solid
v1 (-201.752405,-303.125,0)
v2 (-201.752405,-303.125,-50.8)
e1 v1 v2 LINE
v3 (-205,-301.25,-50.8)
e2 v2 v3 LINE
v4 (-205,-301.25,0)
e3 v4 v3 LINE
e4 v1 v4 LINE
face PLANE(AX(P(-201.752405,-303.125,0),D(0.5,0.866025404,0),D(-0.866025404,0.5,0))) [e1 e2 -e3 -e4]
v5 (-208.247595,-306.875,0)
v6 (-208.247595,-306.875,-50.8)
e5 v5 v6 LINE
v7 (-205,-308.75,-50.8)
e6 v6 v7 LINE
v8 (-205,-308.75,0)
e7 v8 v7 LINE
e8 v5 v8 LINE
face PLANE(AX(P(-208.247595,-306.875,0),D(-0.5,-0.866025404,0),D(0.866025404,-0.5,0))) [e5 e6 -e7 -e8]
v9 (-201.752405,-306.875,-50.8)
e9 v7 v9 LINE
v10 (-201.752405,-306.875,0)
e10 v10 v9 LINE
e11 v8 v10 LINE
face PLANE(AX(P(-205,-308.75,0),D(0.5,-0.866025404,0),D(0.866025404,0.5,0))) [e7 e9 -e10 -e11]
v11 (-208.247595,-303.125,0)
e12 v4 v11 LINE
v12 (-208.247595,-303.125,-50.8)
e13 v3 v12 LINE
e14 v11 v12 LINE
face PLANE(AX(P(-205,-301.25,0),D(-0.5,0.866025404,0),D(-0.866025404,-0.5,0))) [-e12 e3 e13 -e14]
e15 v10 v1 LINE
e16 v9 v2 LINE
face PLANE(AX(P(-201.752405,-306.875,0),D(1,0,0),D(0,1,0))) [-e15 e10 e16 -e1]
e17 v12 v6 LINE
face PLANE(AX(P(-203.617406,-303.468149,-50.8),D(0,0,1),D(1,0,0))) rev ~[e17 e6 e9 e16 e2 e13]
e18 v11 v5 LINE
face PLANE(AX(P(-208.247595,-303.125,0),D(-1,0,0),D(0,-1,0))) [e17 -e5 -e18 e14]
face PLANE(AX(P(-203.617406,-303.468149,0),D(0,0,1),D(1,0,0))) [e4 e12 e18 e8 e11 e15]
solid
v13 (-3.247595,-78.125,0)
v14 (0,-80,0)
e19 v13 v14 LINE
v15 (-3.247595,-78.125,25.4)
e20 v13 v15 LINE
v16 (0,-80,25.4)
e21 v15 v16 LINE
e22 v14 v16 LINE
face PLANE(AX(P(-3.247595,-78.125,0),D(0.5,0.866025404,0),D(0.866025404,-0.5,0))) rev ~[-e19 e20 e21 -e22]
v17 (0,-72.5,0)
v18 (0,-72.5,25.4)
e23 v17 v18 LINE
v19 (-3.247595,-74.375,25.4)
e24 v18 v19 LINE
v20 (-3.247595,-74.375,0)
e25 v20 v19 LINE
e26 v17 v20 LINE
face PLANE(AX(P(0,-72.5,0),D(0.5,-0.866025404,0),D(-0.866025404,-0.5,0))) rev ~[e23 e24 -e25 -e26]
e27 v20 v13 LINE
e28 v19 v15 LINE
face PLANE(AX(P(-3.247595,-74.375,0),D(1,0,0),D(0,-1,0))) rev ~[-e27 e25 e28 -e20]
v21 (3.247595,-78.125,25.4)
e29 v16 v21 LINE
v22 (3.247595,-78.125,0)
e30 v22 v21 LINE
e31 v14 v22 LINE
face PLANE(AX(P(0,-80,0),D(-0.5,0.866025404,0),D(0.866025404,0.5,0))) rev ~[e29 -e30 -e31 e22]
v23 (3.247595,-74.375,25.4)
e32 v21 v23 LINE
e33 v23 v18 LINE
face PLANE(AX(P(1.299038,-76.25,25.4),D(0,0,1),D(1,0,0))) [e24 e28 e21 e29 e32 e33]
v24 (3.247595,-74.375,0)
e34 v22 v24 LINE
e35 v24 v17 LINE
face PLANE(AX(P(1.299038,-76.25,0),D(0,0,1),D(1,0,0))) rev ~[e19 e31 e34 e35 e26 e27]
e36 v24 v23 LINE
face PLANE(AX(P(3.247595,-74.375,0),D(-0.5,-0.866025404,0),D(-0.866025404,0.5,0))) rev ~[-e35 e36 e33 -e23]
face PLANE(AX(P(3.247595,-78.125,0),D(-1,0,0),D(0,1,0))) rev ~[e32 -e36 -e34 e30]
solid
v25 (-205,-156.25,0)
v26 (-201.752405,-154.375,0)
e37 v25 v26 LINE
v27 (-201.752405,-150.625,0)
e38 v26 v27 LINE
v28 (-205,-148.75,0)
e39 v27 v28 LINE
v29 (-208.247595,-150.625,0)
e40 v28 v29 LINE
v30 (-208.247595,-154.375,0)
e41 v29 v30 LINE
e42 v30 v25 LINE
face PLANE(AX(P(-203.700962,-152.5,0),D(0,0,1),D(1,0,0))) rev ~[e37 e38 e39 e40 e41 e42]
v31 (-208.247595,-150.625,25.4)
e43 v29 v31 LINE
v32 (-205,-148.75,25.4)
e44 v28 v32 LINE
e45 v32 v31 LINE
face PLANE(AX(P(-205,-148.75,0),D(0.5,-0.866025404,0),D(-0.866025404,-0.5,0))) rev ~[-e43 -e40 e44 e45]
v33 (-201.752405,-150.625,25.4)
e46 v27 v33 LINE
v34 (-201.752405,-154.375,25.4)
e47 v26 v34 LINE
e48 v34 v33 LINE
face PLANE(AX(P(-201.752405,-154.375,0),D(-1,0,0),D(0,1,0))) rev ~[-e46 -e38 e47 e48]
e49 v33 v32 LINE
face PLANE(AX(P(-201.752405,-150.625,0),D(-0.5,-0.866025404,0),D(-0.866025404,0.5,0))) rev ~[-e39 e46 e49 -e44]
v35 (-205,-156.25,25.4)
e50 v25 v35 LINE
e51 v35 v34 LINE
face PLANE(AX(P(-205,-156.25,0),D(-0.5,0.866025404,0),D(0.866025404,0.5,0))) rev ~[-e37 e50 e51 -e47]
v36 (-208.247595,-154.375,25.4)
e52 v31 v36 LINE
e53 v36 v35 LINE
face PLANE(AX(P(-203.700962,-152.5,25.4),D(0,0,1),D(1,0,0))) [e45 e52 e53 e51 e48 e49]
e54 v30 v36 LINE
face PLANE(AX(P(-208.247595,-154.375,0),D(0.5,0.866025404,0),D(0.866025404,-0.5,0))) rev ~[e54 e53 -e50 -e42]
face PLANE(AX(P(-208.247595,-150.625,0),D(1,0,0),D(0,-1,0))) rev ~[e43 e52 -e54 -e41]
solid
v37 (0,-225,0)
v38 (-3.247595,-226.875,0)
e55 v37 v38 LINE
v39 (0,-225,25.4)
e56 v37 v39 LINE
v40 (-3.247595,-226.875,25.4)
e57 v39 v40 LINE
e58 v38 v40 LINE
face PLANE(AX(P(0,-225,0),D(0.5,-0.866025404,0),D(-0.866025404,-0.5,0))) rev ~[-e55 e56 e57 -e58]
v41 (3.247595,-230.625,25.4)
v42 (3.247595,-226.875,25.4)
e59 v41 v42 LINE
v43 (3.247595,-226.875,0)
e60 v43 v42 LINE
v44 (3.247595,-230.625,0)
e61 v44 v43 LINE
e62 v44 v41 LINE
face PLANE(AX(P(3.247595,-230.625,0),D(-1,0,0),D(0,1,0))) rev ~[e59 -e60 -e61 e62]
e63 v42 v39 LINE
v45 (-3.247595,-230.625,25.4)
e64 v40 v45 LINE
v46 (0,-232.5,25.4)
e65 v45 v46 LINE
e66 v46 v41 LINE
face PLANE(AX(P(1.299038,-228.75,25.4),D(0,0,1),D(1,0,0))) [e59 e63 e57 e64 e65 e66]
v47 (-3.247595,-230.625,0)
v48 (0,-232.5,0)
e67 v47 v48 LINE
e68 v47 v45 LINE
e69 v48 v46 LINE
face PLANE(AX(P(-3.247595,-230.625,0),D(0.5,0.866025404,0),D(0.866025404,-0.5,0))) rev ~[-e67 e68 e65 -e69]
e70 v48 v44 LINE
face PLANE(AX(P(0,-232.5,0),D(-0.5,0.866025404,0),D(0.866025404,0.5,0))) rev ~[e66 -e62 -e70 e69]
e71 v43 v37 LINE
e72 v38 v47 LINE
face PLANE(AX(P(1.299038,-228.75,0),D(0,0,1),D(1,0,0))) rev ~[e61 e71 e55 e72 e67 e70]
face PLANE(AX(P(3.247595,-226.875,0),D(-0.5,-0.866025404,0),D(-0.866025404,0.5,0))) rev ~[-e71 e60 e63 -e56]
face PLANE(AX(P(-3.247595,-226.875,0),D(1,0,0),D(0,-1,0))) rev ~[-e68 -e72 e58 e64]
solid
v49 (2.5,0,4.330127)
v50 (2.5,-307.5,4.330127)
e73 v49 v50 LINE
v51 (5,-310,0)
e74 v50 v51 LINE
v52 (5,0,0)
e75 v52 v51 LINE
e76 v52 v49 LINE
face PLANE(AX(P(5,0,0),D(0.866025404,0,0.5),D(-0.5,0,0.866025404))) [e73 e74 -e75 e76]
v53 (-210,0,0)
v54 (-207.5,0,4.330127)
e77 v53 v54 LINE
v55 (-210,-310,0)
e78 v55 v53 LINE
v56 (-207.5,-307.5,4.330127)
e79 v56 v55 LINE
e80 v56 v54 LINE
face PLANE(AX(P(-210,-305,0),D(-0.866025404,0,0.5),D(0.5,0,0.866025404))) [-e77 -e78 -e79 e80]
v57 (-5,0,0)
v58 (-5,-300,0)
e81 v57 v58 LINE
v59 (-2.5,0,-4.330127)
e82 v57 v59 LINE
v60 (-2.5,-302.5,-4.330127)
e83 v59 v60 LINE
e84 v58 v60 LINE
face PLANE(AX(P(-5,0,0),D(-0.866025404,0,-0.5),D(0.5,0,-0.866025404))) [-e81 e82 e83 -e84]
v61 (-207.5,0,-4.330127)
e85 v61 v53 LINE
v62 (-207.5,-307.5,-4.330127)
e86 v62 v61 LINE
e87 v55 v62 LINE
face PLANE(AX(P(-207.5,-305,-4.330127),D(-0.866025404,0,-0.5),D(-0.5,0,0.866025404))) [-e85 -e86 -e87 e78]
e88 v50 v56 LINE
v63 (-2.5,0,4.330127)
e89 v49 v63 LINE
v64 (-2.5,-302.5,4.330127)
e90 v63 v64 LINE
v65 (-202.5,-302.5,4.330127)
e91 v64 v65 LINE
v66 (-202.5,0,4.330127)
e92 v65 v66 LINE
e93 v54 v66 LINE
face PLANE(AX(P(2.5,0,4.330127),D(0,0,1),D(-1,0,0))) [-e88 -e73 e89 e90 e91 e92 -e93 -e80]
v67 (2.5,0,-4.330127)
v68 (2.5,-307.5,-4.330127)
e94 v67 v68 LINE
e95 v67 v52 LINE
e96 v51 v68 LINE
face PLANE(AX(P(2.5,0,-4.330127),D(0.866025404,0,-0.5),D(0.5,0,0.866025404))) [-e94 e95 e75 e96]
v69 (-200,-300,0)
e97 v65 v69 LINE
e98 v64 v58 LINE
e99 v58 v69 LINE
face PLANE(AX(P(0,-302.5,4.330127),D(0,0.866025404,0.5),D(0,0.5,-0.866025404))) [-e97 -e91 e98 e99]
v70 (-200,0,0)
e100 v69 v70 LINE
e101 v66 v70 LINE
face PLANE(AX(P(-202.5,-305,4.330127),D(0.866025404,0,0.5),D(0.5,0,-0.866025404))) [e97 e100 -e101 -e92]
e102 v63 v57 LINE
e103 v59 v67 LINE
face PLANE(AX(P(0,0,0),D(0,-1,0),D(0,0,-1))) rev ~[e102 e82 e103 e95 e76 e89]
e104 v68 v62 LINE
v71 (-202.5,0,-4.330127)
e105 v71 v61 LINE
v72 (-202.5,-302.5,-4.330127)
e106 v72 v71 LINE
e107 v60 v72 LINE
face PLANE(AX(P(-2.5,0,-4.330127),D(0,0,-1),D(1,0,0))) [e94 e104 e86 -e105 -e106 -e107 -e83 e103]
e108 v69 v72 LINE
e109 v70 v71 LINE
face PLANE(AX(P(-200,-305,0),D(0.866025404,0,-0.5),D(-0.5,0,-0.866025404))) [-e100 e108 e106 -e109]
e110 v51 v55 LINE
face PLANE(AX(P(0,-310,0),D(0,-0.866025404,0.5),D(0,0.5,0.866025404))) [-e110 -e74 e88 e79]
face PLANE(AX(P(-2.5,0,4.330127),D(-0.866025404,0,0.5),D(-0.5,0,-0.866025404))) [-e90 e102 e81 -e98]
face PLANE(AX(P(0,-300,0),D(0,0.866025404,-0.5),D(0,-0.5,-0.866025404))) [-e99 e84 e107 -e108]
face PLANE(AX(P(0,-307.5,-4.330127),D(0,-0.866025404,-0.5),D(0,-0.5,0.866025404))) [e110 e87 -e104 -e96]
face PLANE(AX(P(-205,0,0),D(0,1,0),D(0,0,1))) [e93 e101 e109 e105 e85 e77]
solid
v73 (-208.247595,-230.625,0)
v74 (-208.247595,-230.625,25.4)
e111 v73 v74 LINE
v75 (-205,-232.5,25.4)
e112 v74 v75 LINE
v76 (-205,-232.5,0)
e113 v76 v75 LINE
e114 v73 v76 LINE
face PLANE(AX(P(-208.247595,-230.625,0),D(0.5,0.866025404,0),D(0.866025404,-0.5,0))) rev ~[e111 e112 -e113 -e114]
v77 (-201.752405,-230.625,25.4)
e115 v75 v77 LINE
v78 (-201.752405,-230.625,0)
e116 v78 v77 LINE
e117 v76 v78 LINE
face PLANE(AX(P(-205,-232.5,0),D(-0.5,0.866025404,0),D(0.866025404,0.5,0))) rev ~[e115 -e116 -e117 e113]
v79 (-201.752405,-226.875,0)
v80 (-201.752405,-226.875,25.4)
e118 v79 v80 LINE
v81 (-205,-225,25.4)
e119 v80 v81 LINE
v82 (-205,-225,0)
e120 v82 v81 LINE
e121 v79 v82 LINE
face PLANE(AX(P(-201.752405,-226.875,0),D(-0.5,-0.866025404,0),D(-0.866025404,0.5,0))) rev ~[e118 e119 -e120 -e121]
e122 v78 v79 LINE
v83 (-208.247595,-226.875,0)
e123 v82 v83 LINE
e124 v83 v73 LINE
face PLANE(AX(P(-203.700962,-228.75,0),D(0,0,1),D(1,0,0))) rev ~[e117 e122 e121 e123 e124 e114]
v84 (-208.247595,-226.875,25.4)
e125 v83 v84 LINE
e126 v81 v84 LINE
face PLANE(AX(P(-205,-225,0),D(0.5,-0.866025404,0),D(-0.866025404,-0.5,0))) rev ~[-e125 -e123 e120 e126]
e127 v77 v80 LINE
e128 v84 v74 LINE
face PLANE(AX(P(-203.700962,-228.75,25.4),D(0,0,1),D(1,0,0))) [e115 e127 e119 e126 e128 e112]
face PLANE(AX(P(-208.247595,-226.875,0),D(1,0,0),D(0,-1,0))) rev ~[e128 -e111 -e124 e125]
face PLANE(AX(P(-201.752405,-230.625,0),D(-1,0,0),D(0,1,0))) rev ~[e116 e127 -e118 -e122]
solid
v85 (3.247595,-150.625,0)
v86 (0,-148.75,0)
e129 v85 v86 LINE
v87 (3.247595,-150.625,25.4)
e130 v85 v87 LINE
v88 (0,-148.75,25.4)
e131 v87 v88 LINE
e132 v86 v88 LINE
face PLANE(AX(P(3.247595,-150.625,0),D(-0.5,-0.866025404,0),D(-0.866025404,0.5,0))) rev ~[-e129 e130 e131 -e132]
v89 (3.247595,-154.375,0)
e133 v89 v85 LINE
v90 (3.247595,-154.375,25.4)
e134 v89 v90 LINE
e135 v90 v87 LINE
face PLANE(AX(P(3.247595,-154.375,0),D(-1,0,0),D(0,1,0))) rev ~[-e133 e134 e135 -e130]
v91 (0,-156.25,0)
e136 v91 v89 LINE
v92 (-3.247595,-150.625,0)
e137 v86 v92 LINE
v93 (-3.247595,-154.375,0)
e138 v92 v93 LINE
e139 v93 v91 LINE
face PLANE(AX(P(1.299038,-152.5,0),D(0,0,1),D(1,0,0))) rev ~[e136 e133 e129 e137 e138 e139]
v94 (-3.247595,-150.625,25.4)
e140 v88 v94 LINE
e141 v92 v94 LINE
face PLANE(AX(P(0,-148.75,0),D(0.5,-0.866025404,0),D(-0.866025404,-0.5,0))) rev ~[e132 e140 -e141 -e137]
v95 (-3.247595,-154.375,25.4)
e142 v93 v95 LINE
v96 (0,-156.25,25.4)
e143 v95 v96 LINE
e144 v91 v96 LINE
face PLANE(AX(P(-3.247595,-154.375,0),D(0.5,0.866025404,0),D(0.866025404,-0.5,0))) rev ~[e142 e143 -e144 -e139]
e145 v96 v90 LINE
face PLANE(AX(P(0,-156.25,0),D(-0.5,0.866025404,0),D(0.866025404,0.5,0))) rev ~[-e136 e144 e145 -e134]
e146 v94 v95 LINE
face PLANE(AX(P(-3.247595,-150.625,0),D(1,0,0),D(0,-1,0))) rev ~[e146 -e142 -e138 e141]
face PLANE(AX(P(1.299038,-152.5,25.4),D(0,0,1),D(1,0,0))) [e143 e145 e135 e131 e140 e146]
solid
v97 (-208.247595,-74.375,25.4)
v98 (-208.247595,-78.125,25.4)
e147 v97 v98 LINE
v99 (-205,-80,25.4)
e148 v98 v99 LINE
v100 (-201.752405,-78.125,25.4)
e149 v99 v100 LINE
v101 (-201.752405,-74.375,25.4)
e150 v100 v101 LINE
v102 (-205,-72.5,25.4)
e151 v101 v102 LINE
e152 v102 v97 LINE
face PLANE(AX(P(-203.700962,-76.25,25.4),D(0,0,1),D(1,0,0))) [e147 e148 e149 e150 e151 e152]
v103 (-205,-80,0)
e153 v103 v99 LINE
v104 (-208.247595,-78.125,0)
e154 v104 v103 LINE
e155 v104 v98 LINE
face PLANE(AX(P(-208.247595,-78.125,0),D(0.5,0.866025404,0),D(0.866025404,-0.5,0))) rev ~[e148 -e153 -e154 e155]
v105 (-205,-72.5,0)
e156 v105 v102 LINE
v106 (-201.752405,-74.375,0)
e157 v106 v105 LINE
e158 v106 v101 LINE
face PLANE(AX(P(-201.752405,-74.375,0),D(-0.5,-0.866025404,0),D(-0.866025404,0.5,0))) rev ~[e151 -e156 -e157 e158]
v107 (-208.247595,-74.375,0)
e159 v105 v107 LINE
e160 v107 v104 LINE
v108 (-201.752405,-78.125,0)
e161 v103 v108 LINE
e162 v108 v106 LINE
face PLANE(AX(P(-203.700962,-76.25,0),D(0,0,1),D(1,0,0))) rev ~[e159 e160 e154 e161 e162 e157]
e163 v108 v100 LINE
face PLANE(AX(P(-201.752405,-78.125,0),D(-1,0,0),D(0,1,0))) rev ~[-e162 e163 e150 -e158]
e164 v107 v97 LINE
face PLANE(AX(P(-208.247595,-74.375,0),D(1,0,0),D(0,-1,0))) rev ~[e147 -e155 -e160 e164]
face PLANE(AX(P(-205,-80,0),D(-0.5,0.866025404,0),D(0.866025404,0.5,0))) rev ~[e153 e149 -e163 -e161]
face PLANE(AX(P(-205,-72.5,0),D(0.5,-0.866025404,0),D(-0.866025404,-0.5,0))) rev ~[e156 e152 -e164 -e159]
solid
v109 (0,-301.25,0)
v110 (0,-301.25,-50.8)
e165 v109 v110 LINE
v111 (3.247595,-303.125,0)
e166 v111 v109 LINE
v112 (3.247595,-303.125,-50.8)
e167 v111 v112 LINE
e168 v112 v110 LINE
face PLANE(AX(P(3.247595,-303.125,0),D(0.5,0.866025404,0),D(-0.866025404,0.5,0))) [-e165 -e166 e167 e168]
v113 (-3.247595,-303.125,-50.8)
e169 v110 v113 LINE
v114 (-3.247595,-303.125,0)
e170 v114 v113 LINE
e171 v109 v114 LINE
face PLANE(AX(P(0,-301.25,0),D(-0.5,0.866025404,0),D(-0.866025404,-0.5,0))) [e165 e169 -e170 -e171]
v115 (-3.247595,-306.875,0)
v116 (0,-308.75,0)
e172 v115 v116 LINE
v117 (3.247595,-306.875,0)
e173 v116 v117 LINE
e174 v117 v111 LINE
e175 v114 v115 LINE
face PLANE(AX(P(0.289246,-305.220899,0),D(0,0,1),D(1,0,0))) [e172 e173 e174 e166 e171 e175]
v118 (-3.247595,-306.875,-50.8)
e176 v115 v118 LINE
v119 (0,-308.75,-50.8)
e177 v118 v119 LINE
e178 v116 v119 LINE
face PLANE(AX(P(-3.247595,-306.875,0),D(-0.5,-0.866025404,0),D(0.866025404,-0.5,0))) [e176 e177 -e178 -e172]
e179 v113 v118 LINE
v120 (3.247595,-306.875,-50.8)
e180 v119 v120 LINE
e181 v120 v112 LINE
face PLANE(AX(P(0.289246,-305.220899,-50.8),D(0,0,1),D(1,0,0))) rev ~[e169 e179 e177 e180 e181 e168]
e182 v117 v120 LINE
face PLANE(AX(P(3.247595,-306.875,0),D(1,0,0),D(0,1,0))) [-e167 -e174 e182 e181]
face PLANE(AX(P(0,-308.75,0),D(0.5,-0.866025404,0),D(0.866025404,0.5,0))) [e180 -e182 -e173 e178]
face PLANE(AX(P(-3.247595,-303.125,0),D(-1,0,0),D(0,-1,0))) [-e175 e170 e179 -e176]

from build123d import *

# Parameters (mm, degrees)
F2_DEPTH = 25.4
F3_DEPTH = 50.8


with BuildPart() as f1:
    # F1: sweep along a path in F0
    with BuildLine(Plane.XY) as f1_path:
        Line((0, 0), (0, -305))
        Line((0, -305), (-205, -305))
        Line((-205, -305), (-205, 0))
    # F6 (on Front) → F1 (sweep)
    with BuildSketch(Plane.XZ):
        Polygon((2.5, -4.3301270189), (5, 0), (2.5, 4.3301270189), (-2.5, 4.3301270189), (-5, 0), (-2.5, -4.3301270189), align=None)
    sweep(path=f1_path.line, transition=Transition.RIGHT)


with BuildPart() as f2:
    # F0 (on Top) → F2 (new body)
    with BuildSketch(Plane.XY):
        Polygon((0, -225), (0, -232.5), (3.2475952642, -230.625), (3.2475952642, -226.875), align=None)
        Polygon((-3.2475952642, -230.625), (0, -232.5), (0, -225), (-3.2475952642, -226.875), align=None)
    extrude(amount=F2_DEPTH)


with BuildPart() as f2b:
    # F0 (on Top) → F2, piece 2 (new body)
    with BuildSketch(Plane.XY):
        Polygon((0, -148.75), (0, -156.25), (3.2475952642, -154.375), (3.2475952642, -150.625), align=None)
        Polygon((-3.2475952642, -154.375), (0, -156.25), (0, -148.75), (-3.2475952642, -150.625), align=None)
    extrude(amount=F2_DEPTH)


with BuildPart() as f2c:
    # F0 (on Top) → F2, piece 3 (new body)
    with BuildSketch(Plane.XY):
        Polygon((0, -72.5), (0, -80), (3.2475952642, -78.125), (3.2475952642, -74.375), align=None)
        Polygon((-3.2475952642, -78.125), (0, -80), (0, -72.5), (-3.2475952642, -74.375), align=None)
    extrude(amount=F2_DEPTH)


with BuildPart() as f2d:
    # F0 (on Top) → F2, piece 4 (new body)
    with BuildSketch(Plane.XY):
        Polygon((-205, -148.75), (-205, -156.25), (-201.7524047358, -154.375), (-201.7524047358, -150.625), align=None)
        Polygon((-208.2475952642, -154.375), (-205, -156.25), (-205, -148.75), (-208.2475952642, -150.625), align=None)
    extrude(amount=F2_DEPTH)


with BuildPart() as f2e:
    # F0 (on Top) → F2, piece 5 (new body)
    with BuildSketch(Plane.XY):
        Polygon((-205, -225), (-205, -232.5), (-201.7524047358, -230.625), (-201.7524047358, -226.875), align=None)
        Polygon((-208.2475952642, -230.625), (-205, -232.5), (-205, -225), (-208.2475952642, -226.875), align=None)
    extrude(amount=F2_DEPTH)


with BuildPart() as f2f:
    # F0 (on Top) → F2, piece 6 (new body)
    with BuildSketch(Plane.XY):
        Polygon((-205, -72.5), (-205, -80), (-201.7524047358, -78.125), (-201.7524047358, -74.375), align=None)
        Polygon((-208.2475952642, -78.125), (-205, -80), (-205, -72.5), (-208.2475952642, -74.375), align=None)
    extrude(amount=F2_DEPTH)


with BuildPart() as f3:
    # F0 (on Top) → F3 (new body)
    with BuildSketch(Plane.XY):
        Polygon((0, -301.25), (0, -305), (-3.2475952642, -305), (-3.2475952642, -306.875), (0, -308.75), (3.2475952642, -306.875), (3.2475952642, -303.125), align=None)
        Polygon((-3.2475952642, -305), (0, -305), (0, -301.25), (-3.2475952642, -303.125), align=None)
    extrude(amount=-F3_DEPTH)


with BuildPart() as f3b:
    # F0 (on Top) → F3, piece 2 (new body)
    with BuildSketch(Plane.XY):
        Polygon((-205, -305), (-201.7524047358, -305), (-201.7524047358, -303.125), (-205, -301.25), align=None)
        Polygon((-201.7524047358, -306.875), (-201.7524047358, -305), (-205, -305), (-205, -301.25), (-208.2475952642, -303.125), (-208.2475952642, -306.875), (-205, -308.75), align=None)
    extrude(amount=-F3_DEPTH)


solid = Compound([f1.part, f2.part, f2b.part, f2c.part, f2d.part, f2e.part, f2f.part, f3.part, f3b.part])
